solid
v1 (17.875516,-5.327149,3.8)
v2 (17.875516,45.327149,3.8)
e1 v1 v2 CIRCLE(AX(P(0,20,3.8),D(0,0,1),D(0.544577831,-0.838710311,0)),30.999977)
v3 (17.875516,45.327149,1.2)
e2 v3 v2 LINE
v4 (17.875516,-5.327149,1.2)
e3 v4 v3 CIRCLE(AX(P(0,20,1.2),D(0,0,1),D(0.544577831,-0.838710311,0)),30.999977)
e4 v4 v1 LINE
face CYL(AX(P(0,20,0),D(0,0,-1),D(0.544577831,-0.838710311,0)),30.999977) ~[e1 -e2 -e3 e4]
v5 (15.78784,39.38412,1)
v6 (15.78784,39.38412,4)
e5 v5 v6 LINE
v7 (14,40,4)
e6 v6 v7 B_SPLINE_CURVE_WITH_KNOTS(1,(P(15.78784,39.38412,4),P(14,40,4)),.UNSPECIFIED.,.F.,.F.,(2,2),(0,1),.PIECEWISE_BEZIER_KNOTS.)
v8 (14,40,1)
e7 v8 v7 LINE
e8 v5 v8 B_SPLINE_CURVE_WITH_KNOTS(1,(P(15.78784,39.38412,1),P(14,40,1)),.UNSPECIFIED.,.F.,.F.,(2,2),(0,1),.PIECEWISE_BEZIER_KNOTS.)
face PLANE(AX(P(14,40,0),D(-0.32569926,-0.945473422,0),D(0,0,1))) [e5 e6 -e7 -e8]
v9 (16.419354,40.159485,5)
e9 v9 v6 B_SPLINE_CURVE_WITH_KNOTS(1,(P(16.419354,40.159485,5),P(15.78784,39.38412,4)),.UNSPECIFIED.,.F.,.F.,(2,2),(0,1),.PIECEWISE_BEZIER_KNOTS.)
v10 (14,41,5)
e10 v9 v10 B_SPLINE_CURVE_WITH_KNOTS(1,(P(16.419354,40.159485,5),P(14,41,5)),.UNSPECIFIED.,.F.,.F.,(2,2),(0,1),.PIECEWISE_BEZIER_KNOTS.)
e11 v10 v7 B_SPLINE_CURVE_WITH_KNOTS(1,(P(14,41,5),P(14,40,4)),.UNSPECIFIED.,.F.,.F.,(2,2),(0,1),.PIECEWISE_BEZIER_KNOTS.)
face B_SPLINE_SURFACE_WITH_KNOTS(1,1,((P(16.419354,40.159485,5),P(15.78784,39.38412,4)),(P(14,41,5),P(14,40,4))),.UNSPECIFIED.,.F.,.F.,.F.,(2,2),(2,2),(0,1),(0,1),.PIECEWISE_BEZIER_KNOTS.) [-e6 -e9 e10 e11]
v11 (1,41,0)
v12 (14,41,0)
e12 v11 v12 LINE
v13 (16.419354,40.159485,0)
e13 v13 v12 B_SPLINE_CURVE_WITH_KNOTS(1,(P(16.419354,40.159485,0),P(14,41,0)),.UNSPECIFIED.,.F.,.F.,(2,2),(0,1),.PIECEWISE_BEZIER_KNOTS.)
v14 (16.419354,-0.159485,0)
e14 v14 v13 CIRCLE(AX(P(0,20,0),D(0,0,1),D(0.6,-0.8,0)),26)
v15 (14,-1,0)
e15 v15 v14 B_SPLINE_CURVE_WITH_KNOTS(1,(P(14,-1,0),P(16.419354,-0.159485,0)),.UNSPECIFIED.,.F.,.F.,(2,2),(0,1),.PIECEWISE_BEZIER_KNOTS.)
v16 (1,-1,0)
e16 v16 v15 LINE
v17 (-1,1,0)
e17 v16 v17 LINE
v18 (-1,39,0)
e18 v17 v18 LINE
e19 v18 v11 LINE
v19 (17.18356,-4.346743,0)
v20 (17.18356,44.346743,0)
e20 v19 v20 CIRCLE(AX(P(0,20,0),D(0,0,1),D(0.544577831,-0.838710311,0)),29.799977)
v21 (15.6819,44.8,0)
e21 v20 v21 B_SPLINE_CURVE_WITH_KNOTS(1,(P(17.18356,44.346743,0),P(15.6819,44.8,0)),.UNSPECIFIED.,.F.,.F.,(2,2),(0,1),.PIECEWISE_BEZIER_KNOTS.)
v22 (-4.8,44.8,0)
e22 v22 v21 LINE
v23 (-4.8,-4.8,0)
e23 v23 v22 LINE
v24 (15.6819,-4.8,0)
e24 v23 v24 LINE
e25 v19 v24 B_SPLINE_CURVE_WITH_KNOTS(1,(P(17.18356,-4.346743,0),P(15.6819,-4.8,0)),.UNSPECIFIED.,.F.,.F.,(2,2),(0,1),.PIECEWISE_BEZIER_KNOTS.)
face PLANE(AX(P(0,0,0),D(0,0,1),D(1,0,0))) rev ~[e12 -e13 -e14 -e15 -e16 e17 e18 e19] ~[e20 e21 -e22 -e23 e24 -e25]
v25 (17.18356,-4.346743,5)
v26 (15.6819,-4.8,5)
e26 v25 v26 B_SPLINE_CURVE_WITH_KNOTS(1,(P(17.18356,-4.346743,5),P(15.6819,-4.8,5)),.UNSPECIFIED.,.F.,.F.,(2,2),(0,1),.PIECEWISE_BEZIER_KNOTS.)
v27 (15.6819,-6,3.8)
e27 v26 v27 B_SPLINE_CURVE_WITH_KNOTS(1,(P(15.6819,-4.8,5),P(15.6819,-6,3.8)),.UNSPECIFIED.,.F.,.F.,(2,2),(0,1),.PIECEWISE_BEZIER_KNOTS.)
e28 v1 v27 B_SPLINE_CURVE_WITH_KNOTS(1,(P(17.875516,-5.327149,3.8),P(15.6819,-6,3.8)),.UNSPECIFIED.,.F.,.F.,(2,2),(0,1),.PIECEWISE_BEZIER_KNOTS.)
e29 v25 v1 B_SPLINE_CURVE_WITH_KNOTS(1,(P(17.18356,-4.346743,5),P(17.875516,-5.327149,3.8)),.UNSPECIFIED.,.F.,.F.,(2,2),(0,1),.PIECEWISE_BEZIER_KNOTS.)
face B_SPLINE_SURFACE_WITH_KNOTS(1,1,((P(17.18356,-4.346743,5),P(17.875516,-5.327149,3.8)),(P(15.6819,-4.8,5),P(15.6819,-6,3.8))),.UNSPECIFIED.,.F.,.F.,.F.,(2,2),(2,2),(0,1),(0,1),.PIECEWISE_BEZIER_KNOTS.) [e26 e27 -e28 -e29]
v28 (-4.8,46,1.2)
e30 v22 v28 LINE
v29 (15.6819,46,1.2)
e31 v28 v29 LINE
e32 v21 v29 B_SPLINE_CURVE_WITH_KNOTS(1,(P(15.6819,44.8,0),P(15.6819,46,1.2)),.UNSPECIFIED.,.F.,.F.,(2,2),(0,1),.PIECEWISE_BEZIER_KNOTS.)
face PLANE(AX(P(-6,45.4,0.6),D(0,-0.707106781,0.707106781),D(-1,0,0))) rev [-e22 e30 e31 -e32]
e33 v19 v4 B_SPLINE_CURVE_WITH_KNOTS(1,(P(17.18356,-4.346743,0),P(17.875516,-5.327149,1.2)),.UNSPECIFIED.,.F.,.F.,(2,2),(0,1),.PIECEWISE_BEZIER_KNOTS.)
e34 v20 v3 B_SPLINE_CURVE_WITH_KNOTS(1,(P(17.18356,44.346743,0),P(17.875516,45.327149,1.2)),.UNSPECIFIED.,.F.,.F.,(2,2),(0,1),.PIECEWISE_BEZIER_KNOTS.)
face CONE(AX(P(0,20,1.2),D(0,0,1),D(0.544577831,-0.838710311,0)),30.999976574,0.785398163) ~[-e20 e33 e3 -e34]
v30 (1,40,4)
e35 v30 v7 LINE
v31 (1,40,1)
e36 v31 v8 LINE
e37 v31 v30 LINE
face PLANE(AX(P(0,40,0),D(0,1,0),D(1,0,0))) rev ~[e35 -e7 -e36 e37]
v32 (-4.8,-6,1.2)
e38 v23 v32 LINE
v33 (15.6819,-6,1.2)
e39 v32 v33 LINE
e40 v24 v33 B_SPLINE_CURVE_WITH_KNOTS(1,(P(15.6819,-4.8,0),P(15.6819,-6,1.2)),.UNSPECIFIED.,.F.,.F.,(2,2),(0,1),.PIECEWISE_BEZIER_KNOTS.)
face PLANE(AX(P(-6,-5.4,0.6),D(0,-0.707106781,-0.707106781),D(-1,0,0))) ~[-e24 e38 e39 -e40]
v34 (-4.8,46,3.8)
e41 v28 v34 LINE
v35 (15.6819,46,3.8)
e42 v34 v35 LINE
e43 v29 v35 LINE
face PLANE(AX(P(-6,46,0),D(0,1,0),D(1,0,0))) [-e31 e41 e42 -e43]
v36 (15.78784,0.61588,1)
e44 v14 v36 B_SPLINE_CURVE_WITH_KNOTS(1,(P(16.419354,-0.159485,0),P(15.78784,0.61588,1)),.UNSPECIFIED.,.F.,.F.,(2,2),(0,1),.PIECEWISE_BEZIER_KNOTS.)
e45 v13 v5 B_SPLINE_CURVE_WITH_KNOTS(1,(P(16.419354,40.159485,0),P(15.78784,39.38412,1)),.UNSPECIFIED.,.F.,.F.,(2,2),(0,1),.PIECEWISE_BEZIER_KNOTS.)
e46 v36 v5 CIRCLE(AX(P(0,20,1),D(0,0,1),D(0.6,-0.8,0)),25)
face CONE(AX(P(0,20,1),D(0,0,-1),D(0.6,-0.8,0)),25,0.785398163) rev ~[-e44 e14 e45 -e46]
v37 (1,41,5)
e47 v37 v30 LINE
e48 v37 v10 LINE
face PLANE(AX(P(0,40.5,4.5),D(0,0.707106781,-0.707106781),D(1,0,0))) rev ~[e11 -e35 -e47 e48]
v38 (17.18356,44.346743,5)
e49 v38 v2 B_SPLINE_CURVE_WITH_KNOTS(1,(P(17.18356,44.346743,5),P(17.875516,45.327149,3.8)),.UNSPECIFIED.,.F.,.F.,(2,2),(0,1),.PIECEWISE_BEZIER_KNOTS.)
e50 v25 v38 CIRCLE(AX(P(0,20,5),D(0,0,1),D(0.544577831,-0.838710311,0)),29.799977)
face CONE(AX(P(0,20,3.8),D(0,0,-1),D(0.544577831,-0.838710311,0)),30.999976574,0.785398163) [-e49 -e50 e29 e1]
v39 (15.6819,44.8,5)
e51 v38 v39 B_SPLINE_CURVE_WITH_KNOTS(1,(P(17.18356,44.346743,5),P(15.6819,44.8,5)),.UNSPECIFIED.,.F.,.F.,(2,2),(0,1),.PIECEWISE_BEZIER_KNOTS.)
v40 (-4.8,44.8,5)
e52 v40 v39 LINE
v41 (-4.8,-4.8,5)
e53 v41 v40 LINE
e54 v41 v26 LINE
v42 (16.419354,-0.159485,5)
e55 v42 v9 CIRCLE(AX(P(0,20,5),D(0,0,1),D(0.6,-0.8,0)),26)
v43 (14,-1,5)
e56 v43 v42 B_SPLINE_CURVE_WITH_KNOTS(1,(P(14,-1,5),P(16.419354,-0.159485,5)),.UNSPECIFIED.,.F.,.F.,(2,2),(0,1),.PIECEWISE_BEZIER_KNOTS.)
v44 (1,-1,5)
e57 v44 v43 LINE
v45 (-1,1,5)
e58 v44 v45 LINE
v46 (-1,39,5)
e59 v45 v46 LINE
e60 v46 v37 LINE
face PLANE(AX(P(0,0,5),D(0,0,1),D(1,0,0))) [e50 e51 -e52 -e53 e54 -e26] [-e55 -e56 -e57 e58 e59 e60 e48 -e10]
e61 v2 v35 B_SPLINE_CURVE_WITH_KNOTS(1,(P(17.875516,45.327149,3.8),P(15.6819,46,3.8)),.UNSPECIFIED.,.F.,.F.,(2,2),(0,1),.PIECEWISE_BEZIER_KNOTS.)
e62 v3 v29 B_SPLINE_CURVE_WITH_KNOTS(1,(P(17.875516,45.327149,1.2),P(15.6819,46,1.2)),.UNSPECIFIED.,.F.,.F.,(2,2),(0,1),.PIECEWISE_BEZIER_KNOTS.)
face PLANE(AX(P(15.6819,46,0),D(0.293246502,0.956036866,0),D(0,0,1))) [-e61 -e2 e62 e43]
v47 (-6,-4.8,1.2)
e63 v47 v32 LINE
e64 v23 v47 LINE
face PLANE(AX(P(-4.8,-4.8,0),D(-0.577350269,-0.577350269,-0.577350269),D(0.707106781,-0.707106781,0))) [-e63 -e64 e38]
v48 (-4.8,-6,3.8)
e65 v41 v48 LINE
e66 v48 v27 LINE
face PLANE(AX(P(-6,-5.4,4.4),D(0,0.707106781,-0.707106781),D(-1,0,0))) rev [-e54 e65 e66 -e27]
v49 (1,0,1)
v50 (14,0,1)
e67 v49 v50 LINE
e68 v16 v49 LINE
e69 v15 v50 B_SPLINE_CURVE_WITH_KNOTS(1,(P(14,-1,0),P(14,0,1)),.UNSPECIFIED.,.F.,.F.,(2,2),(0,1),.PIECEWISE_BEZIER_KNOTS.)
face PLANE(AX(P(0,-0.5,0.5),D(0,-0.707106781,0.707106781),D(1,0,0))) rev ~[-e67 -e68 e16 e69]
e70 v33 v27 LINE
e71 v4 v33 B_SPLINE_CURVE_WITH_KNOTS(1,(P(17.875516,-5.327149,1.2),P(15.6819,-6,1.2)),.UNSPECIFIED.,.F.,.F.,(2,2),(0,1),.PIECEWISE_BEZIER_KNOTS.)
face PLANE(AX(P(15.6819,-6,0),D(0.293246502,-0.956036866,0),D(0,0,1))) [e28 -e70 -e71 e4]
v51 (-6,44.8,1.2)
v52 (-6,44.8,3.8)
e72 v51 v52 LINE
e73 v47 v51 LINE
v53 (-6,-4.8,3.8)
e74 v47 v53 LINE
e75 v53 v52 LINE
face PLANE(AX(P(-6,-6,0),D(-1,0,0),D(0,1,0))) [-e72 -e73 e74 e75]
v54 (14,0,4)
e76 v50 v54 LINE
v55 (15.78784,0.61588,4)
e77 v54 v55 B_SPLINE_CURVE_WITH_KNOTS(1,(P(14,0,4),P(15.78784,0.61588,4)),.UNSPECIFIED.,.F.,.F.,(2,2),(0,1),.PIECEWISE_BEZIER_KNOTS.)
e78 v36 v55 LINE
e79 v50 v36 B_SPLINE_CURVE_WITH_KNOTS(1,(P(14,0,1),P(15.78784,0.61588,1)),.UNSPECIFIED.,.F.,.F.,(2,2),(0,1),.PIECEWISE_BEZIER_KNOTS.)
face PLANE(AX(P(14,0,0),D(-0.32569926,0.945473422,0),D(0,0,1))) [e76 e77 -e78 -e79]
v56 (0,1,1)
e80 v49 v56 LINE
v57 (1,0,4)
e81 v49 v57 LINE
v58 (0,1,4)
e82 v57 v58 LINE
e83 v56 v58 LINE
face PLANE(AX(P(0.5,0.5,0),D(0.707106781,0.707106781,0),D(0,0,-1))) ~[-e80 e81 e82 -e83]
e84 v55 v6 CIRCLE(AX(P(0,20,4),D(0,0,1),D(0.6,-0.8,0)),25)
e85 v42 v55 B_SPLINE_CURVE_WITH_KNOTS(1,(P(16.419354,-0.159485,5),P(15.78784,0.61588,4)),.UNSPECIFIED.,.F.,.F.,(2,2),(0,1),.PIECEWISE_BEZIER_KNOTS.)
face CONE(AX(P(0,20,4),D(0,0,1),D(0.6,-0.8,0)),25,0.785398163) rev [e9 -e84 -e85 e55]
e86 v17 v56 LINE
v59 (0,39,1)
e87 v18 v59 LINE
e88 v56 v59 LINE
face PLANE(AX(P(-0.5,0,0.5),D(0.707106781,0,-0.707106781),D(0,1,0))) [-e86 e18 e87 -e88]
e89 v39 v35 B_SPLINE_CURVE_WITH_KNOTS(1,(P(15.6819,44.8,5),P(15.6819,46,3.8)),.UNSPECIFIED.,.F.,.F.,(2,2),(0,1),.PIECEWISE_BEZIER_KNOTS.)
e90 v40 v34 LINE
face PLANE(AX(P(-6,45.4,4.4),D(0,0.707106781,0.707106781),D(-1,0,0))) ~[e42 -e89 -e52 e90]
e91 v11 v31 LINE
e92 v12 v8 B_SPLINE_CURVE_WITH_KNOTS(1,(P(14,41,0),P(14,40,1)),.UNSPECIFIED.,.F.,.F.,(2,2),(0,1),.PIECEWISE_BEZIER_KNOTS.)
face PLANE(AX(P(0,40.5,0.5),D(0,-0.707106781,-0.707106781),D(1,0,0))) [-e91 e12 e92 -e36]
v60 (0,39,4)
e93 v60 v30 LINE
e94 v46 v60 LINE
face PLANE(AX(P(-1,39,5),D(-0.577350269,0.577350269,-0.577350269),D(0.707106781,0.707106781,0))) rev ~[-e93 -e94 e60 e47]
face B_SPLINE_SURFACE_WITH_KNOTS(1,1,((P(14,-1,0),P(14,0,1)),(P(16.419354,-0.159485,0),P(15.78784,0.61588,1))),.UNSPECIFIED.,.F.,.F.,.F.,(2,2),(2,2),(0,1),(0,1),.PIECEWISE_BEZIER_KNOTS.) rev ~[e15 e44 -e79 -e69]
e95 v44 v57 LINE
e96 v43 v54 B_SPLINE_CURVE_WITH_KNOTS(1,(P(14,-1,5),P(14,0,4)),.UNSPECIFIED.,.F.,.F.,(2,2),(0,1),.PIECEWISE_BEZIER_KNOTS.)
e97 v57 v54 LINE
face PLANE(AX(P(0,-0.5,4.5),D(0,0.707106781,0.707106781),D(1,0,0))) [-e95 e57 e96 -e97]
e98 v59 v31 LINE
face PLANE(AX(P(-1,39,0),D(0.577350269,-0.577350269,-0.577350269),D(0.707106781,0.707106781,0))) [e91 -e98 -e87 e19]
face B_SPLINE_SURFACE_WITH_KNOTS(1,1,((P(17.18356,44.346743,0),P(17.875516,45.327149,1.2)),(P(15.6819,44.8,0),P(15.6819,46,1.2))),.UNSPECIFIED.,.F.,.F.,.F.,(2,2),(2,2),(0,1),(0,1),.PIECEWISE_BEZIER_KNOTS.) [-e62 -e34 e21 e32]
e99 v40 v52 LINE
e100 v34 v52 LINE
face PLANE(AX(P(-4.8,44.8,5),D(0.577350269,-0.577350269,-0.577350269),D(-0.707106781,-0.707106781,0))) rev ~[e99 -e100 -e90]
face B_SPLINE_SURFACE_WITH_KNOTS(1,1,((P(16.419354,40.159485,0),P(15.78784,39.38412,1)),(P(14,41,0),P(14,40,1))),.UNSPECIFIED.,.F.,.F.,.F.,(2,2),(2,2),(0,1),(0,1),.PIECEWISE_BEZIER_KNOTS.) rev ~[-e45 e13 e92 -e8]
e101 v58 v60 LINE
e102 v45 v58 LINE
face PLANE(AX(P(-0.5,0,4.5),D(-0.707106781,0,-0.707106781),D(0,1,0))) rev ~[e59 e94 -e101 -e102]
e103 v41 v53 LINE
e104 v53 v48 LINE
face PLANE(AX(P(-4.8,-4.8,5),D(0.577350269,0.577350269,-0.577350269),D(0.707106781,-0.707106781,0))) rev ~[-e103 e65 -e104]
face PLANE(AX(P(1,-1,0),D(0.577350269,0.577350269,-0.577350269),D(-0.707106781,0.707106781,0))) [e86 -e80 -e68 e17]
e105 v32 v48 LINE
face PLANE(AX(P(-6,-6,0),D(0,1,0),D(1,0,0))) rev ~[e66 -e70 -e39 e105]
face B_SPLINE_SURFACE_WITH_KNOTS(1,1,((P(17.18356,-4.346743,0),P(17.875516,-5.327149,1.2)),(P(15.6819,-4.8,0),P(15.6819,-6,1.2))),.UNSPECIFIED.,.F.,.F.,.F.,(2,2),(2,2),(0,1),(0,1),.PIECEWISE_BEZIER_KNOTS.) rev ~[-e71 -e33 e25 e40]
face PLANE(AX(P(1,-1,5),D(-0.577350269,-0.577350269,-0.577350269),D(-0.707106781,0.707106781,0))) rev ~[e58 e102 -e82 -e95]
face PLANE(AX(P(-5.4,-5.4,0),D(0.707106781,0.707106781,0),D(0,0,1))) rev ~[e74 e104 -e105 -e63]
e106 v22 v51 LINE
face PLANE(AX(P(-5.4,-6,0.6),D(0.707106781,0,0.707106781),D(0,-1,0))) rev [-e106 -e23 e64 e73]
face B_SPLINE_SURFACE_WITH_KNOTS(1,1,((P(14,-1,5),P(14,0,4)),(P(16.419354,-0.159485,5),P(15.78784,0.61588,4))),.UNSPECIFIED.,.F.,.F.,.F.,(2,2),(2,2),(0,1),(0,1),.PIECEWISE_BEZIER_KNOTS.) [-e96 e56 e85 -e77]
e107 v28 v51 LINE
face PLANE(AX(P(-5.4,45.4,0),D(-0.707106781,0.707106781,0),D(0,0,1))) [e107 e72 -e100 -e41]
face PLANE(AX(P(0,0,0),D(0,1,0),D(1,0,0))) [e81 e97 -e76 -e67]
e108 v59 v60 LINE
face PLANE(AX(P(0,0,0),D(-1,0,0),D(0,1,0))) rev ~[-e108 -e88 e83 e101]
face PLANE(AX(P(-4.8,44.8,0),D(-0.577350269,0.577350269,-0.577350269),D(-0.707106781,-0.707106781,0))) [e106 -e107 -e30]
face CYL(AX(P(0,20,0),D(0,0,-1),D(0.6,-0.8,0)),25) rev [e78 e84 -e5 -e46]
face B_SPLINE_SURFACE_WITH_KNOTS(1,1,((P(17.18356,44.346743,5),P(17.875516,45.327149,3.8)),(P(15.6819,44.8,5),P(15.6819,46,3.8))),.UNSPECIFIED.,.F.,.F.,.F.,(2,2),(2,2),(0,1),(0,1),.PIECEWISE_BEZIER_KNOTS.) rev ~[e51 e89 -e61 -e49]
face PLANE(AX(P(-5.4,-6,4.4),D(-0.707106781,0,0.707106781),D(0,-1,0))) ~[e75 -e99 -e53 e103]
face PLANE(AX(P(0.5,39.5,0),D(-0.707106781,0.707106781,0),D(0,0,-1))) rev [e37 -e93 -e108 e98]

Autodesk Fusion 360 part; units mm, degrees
sketch "Sketch1" plane through (0, 0, 0) normal (0, 0, 1) x (1, 0, 0)
  line L0 (0, 0) -> (0, 40)
  line L1 (0, 40) -> (15, 40)
  line L2 (0, 0) -> (15, 0)
  arc A0 (15, 0) -> (15, 40) centre (0, 20) ccw
  line L3 (-6, -6) -> (16.8819, -6)
  arc A1 (16.8819, -6) -> (16.8819, 46) centre (0, 20) ccw
  line L4 (-6, 46) -> (16.8819, 46)
  line L5 (-6, -6) -> (-6, 46)
  dimension "d3" = 40
  dimension "d4" = 25
  dimension "d5" = 15
  dimension "d6" = -6
extrude "Extrude1" add sketch "Sketch1" along normal blind 5
chamfer "Chamfer1" distance 1.2 angle 45 4 faces at (18.0943, 45.1713, 3.3333) (1.6273, 46, 1.6667) (-6, 11.3333, 1.6667) (1.6273, -6, 1.6667)
chamfer "Chamfer2" distance 1 angle 45 4 faces at (5, 0, 1.6667) (0, 13.3333, 3.3333) (23.8152, 27.605, 3.3333) (5, 40, 1.6667)
